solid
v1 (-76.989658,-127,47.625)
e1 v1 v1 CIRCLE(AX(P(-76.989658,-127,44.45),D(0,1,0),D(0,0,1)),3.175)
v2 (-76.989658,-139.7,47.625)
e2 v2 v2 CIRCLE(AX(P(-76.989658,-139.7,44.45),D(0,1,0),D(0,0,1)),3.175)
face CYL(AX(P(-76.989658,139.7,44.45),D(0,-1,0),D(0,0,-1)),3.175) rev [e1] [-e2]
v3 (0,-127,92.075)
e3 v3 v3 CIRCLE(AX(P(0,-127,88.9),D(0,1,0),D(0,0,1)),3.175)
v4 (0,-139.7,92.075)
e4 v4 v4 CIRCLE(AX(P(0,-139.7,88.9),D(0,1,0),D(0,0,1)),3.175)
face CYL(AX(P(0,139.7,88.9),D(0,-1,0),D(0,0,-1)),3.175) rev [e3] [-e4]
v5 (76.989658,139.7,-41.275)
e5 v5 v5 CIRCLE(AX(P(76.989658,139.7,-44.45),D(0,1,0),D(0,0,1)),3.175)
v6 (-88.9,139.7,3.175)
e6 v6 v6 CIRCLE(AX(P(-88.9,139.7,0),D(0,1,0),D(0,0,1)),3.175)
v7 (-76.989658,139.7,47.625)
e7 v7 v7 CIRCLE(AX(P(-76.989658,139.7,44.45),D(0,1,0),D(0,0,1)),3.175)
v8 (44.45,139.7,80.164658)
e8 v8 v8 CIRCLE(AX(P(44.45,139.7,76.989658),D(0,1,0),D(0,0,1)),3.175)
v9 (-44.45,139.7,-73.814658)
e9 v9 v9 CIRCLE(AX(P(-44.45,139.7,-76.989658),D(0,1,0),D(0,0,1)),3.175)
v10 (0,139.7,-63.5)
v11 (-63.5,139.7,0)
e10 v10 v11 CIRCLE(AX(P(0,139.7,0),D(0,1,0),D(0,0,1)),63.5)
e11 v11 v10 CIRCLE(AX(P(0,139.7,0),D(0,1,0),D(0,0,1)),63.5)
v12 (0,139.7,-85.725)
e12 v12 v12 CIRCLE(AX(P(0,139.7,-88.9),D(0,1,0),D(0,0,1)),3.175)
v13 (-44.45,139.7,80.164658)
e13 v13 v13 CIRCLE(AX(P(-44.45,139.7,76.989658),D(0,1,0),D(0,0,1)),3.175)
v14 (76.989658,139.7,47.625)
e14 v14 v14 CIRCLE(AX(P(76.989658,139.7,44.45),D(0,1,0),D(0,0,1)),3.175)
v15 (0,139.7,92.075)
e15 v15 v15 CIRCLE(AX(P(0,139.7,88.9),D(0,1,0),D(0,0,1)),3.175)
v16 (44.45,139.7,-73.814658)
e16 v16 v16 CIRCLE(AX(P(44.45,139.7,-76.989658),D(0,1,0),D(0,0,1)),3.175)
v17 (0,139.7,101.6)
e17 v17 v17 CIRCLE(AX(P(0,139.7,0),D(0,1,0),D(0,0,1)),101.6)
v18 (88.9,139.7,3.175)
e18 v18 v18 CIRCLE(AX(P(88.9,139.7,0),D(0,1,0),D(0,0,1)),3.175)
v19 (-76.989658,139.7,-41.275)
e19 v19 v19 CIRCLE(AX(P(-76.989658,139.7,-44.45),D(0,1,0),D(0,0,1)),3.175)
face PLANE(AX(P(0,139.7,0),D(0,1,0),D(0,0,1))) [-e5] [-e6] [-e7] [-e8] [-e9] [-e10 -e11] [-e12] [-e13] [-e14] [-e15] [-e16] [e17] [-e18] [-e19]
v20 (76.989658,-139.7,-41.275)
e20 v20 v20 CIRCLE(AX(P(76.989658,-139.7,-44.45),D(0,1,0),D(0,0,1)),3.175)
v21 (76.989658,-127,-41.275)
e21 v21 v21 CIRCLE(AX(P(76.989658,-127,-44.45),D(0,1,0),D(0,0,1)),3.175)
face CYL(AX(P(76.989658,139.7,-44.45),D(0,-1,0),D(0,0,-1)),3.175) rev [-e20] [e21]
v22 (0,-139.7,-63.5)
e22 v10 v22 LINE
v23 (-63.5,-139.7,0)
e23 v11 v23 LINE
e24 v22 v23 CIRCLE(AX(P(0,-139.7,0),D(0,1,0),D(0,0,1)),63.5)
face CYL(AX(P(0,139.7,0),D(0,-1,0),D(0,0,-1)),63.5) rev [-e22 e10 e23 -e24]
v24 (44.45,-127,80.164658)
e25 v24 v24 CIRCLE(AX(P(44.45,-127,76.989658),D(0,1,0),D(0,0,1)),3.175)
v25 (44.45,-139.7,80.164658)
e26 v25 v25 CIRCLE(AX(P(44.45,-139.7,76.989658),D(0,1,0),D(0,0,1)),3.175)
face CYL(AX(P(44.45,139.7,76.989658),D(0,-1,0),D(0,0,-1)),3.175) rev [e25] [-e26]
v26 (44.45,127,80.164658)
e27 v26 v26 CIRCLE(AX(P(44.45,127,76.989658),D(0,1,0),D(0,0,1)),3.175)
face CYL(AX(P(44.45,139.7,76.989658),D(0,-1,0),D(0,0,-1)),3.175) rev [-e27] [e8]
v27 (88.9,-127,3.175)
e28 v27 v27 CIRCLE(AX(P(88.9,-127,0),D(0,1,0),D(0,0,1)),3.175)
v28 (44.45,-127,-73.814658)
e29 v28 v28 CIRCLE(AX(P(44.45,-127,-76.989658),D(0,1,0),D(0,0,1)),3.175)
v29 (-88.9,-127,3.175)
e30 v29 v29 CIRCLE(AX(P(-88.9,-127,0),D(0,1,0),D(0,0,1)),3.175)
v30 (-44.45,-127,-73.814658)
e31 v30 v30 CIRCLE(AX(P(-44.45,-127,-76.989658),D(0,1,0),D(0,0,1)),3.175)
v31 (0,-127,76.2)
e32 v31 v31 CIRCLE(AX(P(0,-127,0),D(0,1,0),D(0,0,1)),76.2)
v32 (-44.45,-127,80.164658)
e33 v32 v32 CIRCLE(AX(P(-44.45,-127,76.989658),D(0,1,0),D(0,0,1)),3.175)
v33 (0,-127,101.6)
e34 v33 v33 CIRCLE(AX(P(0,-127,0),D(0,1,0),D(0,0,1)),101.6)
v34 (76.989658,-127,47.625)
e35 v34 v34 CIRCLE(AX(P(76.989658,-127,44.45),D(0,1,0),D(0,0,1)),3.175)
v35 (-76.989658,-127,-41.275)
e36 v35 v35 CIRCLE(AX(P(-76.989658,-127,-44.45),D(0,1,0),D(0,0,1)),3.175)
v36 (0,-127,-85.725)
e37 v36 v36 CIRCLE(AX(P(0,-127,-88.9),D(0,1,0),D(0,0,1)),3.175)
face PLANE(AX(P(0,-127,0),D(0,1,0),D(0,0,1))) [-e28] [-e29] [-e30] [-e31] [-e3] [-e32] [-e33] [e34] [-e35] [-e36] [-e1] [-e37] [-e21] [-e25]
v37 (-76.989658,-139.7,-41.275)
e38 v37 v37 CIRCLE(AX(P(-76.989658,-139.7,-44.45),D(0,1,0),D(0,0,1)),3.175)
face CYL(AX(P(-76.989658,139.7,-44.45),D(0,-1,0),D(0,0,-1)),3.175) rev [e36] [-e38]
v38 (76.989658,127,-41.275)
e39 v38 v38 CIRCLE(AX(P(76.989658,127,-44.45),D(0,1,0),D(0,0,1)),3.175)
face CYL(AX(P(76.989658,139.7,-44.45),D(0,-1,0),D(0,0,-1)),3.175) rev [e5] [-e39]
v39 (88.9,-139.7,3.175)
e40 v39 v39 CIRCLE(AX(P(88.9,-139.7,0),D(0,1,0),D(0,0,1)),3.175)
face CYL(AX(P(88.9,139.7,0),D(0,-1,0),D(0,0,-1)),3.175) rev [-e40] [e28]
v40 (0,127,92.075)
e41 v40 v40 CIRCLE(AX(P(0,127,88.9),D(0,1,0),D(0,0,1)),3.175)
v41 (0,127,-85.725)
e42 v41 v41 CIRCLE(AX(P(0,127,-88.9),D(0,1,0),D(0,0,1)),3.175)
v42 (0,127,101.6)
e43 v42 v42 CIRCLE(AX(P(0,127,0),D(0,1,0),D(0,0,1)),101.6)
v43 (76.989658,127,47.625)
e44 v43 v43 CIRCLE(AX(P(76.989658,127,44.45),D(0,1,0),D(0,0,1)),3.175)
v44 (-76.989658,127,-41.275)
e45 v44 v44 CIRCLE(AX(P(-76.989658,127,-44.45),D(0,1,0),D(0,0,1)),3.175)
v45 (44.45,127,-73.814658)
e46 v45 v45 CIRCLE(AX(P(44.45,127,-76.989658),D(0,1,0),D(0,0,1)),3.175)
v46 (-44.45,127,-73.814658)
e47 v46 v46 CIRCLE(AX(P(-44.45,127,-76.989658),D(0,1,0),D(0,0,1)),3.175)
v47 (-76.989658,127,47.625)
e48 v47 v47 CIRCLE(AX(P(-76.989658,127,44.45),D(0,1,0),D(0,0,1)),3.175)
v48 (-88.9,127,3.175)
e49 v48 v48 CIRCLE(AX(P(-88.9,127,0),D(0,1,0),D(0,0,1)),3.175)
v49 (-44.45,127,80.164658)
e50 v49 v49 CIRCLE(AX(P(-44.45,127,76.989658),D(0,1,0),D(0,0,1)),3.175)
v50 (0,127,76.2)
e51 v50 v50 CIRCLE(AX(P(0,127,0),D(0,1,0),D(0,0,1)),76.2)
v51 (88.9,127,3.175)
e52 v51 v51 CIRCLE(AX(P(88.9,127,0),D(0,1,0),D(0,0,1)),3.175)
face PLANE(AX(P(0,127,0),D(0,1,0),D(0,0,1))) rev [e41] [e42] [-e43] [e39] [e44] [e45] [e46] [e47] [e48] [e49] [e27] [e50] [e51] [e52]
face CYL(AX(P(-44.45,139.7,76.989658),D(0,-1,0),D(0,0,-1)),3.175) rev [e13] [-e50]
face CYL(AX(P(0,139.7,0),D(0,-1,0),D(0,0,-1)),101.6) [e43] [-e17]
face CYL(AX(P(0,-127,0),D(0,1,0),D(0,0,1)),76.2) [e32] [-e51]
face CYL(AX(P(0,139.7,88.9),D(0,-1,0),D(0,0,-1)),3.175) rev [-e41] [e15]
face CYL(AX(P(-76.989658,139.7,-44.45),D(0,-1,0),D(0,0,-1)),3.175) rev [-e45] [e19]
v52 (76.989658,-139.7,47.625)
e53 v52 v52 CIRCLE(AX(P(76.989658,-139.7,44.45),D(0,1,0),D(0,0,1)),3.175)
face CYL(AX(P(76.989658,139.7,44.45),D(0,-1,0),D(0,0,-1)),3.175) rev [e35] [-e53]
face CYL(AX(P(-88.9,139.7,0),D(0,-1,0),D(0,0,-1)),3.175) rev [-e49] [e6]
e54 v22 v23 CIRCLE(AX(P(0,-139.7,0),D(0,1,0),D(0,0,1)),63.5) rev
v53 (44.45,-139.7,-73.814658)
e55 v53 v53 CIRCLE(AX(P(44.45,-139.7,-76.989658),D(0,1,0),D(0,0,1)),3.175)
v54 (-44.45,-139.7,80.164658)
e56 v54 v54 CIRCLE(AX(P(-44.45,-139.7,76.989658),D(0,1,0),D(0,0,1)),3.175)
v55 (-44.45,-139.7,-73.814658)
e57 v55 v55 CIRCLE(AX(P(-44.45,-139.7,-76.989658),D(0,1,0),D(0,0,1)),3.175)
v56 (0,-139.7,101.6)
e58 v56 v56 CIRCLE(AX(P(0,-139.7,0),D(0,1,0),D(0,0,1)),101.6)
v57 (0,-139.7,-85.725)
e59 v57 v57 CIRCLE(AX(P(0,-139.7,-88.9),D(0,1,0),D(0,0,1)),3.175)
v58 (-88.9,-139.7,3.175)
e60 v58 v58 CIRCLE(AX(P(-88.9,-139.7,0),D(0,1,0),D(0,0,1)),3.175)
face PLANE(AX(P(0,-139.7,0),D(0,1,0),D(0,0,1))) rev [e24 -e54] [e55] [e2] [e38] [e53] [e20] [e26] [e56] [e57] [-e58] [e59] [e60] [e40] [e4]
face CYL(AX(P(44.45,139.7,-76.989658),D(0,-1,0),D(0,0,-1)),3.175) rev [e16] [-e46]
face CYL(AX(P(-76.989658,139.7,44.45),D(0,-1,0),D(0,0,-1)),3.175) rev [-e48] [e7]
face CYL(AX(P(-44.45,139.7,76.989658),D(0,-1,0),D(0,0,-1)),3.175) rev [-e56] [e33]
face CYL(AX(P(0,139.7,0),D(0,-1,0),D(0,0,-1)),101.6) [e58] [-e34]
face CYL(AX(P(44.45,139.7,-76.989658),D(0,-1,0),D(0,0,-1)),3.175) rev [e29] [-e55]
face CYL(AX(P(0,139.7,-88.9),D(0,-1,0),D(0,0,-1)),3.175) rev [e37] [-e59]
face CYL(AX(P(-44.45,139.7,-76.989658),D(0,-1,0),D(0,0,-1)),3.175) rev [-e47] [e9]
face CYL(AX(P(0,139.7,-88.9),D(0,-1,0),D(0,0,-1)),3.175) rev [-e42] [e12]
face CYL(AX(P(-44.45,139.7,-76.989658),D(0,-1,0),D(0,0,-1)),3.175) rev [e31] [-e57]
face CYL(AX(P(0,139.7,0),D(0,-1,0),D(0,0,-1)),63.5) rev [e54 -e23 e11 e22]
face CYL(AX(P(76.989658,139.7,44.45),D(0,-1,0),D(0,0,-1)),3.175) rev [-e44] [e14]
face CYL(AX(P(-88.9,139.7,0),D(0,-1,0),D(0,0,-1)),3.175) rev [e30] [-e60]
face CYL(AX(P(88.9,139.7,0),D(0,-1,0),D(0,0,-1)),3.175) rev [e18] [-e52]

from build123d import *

# Parameters (mm, degrees)
SKETCH1_R           = 101.6
SKETCH1_R_2         = 63.5
SKETCH1_R_3         = 3.175
BOSS_EXTRUDE1_DEPTH = 139.7
SKETCH5_R           = 101.6
SKETCH5_R_2         = 3.175
SKETCH5_R_3         = 76.2
CUT_EXTRUDE3_DEPTH  = 127


with BuildPart() as part:
    # Sketch1 → Boss-Extrude1 (new body, symmetric)
    with BuildSketch(Plane(origin=(0, 0, 0), x_dir=(1, 0, 0), z_dir=(0, 1, 0))):
        Circle(SKETCH1_R)
        Circle(SKETCH1_R_2, mode=Mode.SUBTRACT)
        with Locations((0, 88.9)):
            Circle(SKETCH1_R_3, mode=Mode.SUBTRACT)
        with Locations((88.9, 0)):
            Circle(SKETCH1_R_3, mode=Mode.SUBTRACT)
        with Locations((44.45, 76.989658396)):
            Circle(SKETCH1_R_3, mode=Mode.SUBTRACT)
        with Locations((76.989658396, 44.45)):
            Circle(SKETCH1_R_3, mode=Mode.SUBTRACT)
        with Locations((76.989658396, -44.45)):
            Circle(SKETCH1_R_3, mode=Mode.SUBTRACT)
        with Locations((44.45, -76.989658396)):
            Circle(SKETCH1_R_3, mode=Mode.SUBTRACT)
        with Locations((0, -88.9)):
            Circle(SKETCH1_R_3, mode=Mode.SUBTRACT)
        with Locations((-44.45, -76.989658396)):
            Circle(SKETCH1_R_3, mode=Mode.SUBTRACT)
        with Locations((-76.989658396, -44.45)):
            Circle(SKETCH1_R_3, mode=Mode.SUBTRACT)
        with Locations((-88.9, 0)):
            Circle(SKETCH1_R_3, mode=Mode.SUBTRACT)
        with Locations((-76.989658396, 44.45)):
            Circle(SKETCH1_R_3, mode=Mode.SUBTRACT)
        with Locations((-44.45, 76.989658396)):
            Circle(SKETCH1_R_3, mode=Mode.SUBTRACT)
    extrude(amount=BOSS_EXTRUDE1_DEPTH, both=True)

    # Sketch5 → Cut-Extrude3 (cut, symmetric)
    with BuildSketch(Plane(origin=(0, 0, 0), x_dir=(1, 0, 0), z_dir=(0, 1, 0))):
        Circle(SKETCH5_R)
        with Locations((-44.45, 76.989658396)):
            Circle(SKETCH5_R_2, mode=Mode.SUBTRACT)
        with Locations((-88.9, 0)):
            Circle(SKETCH5_R_2, mode=Mode.SUBTRACT)
        with Locations((-76.989658396, -44.45)):
            Circle(SKETCH5_R_2, mode=Mode.SUBTRACT)
        with Locations((-44.45, -76.989658396)):
            Circle(SKETCH5_R_2, mode=Mode.SUBTRACT)
        with Locations((0, -88.9)):
            Circle(SKETCH5_R_2, mode=Mode.SUBTRACT)
        with Locations((44.45, -76.989658396)):
            Circle(SKETCH5_R_2, mode=Mode.SUBTRACT)
        with Locations((76.989658396, -44.45)):
            Circle(SKETCH5_R_2, mode=Mode.SUBTRACT)
        with Locations((88.9, 0)):
            Circle(SKETCH5_R_2, mode=Mode.SUBTRACT)
        with Locations((76.989658396, 44.45)):
            Circle(SKETCH5_R_2, mode=Mode.SUBTRACT)
        with Locations((44.45, 76.989658396)):
            Circle(SKETCH5_R_2, mode=Mode.SUBTRACT)
        with Locations((-76.989658396, 44.45)):
            Circle(SKETCH5_R_2, mode=Mode.SUBTRACT)
        with Locations((0, 88.9)):
            Circle(SKETCH5_R_2, mode=Mode.SUBTRACT)
        Circle(SKETCH5_R_3, mode=Mode.SUBTRACT)
    extrude(amount=CUT_EXTRUDE3_DEPTH, both=True, mode=Mode.SUBTRACT)


solid = part.part
